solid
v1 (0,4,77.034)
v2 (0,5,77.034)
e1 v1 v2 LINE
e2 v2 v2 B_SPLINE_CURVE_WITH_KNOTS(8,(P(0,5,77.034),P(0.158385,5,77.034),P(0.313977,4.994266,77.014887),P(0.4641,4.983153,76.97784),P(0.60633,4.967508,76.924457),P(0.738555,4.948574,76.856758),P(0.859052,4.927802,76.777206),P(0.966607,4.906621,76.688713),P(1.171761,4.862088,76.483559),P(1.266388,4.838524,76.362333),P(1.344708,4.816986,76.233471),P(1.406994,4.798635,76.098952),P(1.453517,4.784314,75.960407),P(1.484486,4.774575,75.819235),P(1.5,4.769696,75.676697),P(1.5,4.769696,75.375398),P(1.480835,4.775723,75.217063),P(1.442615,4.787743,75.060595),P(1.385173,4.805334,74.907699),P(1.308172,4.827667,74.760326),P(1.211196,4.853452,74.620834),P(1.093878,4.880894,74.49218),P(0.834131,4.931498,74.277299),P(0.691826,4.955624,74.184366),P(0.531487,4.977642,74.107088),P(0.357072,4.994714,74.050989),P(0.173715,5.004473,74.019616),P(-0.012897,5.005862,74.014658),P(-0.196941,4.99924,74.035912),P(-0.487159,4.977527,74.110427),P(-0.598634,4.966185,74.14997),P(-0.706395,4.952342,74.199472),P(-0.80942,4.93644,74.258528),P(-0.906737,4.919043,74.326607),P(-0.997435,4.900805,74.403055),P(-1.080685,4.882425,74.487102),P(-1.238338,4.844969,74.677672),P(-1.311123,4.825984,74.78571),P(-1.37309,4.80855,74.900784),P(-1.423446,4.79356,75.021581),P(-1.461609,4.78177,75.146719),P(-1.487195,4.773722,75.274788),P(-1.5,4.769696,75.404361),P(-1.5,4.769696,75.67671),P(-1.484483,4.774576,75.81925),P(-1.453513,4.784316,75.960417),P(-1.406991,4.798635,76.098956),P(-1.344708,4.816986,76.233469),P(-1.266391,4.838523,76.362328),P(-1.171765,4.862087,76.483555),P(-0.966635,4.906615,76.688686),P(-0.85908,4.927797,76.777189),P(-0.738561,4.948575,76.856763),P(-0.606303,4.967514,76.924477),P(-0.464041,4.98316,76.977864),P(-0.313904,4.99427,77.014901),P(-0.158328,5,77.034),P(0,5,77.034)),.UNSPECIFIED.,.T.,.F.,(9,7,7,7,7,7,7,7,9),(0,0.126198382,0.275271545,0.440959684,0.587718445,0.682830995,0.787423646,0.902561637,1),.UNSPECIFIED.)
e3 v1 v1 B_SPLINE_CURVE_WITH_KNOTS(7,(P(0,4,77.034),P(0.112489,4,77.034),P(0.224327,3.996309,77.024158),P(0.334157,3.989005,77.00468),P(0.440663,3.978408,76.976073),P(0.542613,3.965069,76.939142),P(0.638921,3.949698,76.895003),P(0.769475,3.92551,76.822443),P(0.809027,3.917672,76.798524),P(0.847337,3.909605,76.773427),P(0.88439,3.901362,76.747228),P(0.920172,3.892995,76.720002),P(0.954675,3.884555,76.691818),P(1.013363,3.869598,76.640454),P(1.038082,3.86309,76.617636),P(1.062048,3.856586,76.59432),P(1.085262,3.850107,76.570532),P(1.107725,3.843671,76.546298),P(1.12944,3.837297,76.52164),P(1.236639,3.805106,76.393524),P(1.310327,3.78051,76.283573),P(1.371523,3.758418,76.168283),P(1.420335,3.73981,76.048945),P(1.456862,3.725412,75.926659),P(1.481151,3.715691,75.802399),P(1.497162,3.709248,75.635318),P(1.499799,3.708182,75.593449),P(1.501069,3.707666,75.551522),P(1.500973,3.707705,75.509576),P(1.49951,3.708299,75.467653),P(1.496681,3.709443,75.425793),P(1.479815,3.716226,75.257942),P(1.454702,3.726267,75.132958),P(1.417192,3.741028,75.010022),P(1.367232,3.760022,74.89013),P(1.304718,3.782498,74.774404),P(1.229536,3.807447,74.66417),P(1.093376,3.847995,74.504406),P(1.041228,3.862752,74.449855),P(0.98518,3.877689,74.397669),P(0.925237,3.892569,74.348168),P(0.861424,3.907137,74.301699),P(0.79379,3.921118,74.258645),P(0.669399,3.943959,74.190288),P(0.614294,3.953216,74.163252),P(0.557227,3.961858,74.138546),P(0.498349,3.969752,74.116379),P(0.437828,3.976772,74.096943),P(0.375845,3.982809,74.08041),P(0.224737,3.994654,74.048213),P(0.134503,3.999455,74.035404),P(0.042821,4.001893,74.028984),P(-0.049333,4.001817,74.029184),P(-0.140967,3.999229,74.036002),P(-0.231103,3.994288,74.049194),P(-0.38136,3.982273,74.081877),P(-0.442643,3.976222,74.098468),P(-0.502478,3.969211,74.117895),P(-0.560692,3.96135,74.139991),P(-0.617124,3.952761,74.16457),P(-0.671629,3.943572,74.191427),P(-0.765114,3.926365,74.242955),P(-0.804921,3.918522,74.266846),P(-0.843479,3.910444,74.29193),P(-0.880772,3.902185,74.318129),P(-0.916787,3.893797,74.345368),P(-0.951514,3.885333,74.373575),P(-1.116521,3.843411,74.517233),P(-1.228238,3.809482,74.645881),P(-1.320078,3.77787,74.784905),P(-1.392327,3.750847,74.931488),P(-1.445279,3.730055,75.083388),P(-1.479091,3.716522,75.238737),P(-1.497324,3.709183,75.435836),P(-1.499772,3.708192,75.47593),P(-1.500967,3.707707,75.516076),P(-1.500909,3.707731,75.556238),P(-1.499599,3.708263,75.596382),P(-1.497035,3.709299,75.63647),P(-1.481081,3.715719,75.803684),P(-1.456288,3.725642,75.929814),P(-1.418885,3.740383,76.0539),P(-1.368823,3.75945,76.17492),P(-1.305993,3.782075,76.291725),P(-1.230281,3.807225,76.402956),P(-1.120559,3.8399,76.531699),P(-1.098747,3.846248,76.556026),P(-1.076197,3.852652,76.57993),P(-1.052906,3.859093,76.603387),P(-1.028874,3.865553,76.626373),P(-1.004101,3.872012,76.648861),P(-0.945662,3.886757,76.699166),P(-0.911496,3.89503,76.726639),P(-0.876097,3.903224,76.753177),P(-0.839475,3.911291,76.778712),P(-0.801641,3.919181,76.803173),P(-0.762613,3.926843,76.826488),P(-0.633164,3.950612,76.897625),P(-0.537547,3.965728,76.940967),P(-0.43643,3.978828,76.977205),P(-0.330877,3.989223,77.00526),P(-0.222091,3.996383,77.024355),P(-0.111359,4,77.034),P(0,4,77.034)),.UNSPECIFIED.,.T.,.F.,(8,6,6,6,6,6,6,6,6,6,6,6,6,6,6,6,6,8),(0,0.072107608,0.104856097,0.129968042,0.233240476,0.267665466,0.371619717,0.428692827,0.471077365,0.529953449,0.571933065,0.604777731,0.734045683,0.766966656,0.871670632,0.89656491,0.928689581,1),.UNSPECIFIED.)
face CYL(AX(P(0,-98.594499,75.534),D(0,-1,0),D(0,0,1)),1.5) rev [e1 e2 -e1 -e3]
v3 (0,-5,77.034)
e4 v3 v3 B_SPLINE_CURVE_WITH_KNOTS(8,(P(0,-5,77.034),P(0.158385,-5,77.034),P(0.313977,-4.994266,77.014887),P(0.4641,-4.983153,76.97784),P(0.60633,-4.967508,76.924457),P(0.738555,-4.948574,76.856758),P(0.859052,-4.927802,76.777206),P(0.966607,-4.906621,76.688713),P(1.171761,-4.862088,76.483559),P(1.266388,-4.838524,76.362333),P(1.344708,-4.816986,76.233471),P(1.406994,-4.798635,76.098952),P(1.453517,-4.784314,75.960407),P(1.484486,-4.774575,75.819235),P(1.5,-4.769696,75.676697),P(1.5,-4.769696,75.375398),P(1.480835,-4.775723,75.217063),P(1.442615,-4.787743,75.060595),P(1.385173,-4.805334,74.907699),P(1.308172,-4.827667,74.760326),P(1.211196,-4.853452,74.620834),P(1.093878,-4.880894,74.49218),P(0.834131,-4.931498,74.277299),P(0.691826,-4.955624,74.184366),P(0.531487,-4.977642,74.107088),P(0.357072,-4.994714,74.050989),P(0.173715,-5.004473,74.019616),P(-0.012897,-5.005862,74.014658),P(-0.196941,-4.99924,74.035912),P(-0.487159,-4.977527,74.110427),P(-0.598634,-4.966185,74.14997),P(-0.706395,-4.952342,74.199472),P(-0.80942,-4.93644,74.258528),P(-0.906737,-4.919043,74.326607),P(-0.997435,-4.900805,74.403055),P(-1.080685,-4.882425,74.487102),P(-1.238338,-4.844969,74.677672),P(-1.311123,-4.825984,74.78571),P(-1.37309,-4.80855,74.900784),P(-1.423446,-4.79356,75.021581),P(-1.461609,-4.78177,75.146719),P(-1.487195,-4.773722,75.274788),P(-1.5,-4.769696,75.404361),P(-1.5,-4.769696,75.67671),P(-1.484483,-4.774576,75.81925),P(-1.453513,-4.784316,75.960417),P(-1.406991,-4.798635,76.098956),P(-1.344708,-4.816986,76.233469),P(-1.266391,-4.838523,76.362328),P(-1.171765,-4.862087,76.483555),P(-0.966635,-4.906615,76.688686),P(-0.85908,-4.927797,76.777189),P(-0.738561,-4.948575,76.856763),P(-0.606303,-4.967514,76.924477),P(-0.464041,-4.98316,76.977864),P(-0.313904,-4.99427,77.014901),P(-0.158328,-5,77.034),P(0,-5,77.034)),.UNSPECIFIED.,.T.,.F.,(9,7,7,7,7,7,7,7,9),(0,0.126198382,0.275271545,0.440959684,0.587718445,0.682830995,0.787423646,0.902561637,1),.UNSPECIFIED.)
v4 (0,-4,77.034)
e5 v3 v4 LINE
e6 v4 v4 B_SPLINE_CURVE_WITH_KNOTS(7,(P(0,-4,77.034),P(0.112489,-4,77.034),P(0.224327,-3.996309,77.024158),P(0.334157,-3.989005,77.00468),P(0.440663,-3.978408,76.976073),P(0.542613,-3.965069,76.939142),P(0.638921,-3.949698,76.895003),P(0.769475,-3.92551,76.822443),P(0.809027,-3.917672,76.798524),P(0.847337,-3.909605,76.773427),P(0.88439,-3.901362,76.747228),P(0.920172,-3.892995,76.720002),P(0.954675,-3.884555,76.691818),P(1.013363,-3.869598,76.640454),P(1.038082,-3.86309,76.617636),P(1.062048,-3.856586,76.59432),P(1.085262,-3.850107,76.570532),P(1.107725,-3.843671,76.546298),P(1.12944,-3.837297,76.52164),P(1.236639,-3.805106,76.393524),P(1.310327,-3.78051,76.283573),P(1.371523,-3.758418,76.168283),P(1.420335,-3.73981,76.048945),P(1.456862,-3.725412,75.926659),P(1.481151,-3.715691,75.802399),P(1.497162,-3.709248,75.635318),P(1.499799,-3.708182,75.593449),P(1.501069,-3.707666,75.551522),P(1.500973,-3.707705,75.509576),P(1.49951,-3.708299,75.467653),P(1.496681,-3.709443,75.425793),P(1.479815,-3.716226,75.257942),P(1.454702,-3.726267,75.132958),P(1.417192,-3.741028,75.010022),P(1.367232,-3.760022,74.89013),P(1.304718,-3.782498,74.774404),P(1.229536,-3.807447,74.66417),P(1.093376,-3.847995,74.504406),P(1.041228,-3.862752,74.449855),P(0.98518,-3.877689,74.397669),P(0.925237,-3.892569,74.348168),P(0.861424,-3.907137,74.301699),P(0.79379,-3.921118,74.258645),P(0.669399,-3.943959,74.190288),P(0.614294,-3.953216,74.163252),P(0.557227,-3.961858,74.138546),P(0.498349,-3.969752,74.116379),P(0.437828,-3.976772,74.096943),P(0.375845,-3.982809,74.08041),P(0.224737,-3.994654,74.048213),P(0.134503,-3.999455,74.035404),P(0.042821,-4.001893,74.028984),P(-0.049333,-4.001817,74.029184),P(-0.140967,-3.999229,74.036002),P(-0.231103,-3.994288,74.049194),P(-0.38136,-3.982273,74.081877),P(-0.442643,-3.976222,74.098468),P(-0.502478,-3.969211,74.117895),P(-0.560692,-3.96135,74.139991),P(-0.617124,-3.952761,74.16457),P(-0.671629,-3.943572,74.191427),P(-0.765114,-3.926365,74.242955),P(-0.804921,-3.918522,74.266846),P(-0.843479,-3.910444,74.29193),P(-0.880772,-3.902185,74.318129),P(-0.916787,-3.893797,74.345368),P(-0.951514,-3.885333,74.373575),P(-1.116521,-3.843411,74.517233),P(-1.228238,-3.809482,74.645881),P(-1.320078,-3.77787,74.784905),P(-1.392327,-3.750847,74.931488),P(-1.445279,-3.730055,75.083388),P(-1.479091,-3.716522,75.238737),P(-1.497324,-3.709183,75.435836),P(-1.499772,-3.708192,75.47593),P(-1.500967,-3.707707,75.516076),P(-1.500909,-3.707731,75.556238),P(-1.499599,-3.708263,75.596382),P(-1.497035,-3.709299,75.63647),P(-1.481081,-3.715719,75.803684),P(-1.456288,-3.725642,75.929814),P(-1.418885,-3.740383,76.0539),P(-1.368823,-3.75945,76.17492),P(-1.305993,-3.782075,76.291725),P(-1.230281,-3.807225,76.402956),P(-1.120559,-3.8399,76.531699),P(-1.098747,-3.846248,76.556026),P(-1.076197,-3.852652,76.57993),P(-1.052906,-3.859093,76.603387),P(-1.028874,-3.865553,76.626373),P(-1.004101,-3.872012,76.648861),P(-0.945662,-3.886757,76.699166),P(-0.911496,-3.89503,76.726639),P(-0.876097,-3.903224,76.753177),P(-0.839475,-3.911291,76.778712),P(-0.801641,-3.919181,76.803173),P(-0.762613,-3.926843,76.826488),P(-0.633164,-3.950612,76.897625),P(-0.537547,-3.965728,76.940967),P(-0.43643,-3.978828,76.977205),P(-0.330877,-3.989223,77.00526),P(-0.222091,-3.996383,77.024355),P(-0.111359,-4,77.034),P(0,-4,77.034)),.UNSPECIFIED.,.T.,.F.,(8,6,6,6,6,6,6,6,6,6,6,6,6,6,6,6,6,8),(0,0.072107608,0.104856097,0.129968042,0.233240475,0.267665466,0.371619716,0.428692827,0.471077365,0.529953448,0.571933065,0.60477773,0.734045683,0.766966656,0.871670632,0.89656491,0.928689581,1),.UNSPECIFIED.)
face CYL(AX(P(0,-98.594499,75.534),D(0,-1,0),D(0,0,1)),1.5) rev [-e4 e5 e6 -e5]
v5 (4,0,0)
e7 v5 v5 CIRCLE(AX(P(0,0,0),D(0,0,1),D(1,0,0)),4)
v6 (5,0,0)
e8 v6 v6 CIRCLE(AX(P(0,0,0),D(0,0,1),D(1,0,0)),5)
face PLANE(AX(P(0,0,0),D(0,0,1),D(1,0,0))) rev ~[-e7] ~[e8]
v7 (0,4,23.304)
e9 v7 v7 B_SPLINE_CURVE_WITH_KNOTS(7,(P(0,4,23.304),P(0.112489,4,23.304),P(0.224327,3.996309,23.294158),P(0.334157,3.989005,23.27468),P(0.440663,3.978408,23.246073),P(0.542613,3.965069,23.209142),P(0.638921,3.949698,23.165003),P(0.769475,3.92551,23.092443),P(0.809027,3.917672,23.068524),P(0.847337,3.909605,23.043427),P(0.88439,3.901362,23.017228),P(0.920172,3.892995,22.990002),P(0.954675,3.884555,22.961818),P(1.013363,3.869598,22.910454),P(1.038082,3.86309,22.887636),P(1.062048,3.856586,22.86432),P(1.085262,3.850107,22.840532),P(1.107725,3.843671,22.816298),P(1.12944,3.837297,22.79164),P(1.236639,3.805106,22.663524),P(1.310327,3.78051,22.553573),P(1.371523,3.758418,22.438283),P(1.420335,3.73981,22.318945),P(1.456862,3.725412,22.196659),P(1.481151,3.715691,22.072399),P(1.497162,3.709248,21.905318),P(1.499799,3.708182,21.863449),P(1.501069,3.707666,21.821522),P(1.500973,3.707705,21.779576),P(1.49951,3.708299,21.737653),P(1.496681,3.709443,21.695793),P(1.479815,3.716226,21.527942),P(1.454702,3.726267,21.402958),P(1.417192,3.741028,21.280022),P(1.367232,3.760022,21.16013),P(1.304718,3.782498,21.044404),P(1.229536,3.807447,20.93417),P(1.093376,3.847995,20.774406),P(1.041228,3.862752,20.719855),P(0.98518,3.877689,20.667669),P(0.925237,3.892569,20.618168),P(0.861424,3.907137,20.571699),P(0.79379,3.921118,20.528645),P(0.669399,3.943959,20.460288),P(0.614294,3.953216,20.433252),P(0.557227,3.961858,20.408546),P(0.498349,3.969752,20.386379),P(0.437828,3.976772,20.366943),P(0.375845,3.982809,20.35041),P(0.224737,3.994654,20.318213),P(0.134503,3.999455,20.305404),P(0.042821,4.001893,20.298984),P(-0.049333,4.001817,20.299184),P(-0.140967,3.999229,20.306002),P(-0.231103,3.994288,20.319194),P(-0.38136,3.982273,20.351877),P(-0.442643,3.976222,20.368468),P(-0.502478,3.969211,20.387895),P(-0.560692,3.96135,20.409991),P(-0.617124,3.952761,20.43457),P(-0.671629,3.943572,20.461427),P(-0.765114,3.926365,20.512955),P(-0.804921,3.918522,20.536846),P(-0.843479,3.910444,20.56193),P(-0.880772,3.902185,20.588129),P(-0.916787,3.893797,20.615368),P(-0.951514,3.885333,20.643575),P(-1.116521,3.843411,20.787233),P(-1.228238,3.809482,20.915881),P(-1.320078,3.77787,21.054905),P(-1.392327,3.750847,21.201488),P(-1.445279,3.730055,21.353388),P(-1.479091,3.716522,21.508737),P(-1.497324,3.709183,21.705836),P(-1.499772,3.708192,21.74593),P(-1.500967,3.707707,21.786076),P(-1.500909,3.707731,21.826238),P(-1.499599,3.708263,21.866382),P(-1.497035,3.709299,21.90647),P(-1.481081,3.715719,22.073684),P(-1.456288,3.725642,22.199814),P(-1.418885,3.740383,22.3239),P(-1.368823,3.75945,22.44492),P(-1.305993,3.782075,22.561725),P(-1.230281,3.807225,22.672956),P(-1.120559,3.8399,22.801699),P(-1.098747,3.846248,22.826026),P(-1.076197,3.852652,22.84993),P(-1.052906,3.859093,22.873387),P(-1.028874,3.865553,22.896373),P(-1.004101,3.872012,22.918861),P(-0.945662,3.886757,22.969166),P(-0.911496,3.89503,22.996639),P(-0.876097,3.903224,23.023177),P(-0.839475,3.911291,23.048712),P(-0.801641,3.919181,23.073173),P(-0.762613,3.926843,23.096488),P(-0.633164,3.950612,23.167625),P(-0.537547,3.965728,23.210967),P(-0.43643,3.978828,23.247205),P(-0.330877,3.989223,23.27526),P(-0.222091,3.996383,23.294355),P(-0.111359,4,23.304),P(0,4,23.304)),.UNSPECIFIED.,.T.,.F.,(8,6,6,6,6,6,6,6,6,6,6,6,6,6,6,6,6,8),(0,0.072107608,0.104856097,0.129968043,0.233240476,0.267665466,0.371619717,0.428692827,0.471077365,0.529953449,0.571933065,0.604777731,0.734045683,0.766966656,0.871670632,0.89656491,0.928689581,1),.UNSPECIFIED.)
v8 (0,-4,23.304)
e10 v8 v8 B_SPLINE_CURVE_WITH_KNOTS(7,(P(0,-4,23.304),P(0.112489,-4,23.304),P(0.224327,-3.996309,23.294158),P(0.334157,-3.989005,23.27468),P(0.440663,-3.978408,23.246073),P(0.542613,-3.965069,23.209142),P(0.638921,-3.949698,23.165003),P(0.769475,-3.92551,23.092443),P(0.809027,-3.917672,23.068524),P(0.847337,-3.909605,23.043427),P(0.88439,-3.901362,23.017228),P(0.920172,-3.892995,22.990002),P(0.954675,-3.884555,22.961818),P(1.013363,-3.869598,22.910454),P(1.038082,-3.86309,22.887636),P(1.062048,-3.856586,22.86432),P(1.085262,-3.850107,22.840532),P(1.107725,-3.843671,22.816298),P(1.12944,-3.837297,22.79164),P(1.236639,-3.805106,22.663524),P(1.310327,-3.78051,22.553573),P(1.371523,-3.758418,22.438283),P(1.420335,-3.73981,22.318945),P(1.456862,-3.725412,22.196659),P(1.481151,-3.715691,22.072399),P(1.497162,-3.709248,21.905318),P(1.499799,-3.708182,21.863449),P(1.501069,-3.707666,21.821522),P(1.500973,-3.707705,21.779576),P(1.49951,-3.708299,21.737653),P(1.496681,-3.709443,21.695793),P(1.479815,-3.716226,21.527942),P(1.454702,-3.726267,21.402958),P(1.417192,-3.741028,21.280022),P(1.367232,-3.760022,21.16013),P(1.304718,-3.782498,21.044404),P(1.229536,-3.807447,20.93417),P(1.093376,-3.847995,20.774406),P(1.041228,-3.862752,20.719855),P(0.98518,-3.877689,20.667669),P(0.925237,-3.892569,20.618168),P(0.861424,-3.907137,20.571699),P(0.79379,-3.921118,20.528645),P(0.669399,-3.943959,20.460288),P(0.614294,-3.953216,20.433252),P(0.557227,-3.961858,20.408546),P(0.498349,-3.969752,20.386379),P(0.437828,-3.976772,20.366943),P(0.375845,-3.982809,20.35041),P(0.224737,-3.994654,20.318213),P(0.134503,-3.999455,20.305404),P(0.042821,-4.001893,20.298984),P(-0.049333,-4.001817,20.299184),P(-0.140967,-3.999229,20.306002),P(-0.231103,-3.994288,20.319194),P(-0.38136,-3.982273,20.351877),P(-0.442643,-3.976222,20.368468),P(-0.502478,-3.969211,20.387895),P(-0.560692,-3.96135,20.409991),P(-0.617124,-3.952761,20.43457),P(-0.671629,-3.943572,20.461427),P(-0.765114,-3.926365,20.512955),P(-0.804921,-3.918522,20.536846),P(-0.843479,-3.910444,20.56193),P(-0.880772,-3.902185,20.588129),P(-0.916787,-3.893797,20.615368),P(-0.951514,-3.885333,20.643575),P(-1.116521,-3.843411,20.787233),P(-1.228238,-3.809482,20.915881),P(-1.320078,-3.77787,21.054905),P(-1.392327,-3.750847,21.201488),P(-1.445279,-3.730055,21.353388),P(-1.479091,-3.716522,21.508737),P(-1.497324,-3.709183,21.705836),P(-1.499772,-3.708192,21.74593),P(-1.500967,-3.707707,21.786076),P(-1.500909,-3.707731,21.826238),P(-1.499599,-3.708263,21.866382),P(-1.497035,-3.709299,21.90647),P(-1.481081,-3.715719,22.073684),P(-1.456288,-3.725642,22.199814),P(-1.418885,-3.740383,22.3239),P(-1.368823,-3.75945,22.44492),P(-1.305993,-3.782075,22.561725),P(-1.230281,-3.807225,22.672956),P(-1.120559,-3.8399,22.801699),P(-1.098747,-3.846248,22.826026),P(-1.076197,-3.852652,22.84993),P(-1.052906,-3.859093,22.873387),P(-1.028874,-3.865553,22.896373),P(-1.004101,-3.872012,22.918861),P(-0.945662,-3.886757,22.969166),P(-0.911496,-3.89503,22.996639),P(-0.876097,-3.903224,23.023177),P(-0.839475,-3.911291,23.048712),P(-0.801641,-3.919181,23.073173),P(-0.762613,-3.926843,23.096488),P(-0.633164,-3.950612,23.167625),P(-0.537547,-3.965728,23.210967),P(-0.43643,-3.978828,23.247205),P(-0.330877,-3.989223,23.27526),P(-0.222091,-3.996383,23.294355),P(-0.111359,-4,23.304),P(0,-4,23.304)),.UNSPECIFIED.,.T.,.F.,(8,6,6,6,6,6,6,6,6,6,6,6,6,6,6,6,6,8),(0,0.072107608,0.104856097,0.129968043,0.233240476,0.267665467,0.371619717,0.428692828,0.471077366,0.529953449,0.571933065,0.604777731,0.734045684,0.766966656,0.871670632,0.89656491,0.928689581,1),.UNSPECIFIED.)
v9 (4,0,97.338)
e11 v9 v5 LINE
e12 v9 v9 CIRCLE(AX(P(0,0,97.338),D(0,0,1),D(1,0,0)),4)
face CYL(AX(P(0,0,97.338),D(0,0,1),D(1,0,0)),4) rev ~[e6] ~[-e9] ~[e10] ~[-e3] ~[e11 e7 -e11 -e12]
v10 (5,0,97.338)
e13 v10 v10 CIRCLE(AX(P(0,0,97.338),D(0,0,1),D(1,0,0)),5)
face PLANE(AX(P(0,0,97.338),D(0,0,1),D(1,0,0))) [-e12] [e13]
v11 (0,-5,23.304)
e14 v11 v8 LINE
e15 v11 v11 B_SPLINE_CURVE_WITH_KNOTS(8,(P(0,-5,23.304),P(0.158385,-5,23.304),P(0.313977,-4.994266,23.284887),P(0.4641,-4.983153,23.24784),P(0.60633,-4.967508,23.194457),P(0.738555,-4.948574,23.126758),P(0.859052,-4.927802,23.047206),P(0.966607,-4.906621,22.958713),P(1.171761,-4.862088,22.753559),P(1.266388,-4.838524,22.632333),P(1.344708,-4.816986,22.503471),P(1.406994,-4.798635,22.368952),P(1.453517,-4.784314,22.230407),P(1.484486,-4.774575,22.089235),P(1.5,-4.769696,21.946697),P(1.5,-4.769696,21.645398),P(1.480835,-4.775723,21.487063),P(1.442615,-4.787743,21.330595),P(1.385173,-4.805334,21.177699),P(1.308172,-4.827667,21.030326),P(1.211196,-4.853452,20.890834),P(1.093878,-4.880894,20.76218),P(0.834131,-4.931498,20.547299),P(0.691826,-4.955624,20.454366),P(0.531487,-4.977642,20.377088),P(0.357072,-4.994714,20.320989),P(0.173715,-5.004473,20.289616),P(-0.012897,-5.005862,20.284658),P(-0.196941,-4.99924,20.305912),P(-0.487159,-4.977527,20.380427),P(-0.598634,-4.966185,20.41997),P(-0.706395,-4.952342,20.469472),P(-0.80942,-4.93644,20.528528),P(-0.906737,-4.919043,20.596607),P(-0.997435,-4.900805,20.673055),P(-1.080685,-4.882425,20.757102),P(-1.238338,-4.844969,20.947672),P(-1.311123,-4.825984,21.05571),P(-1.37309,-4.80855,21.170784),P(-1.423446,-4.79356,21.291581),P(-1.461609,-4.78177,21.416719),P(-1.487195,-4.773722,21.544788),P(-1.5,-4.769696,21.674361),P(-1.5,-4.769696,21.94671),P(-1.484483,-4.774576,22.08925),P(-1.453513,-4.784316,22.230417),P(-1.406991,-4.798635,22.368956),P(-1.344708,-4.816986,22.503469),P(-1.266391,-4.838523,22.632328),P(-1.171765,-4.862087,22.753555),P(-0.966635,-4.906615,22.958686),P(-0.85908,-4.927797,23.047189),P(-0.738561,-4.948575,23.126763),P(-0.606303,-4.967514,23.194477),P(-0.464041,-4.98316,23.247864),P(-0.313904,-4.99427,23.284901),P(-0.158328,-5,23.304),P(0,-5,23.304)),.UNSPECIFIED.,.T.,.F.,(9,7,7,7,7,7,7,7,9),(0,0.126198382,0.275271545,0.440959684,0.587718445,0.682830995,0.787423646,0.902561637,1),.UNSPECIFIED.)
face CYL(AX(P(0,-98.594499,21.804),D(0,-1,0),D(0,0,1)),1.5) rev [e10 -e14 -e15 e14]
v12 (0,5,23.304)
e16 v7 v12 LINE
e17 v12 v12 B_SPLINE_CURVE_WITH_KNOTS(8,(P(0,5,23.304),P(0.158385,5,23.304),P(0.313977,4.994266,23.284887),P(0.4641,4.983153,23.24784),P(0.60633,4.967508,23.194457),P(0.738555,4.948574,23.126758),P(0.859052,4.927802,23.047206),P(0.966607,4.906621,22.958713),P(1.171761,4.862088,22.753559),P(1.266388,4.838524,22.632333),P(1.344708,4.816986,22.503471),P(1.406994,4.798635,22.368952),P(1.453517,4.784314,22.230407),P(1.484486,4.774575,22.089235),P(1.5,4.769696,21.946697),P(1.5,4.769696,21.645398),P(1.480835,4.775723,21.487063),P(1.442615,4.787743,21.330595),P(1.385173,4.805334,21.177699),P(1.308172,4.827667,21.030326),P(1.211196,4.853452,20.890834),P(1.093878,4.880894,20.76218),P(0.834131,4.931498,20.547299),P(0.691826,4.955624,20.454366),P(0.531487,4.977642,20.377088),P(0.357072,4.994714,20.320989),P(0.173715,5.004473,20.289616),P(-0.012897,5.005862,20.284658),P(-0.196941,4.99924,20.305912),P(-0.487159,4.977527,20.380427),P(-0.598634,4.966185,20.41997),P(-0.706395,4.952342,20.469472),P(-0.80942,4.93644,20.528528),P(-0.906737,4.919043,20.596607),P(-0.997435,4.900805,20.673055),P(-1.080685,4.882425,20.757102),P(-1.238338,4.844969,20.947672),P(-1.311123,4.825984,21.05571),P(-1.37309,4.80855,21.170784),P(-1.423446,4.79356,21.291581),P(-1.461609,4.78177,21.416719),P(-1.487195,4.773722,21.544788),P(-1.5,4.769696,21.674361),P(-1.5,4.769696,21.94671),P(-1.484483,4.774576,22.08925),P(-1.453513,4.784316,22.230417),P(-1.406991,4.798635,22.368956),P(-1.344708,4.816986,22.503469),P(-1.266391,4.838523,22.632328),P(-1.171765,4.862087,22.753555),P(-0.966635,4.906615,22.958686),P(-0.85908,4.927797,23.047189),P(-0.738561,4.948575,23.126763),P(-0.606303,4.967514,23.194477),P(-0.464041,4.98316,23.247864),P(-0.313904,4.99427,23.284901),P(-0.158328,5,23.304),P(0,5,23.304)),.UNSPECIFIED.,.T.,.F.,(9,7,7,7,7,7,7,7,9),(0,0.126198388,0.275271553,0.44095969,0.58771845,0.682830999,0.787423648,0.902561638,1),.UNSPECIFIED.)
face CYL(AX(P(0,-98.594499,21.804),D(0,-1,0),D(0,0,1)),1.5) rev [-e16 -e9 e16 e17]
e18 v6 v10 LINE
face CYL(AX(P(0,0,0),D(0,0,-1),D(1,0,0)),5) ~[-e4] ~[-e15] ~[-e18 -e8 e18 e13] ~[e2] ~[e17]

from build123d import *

# Parameters (mm, degrees)
SKETCH1_R               = 5
BOSS_EXTRUDE1_DEPTH     = 97.338
CUT_EXTRUDE1_REACH      = 99.594
SKETCH2_R               = 4
CUT_EXTRUDE2_DEPTH      = 98.594499046
CUT_EXTRUDE2_DEPTH_BACK = 98.594499046
SKETCH5_R               = 1.5


with BuildPart() as part:
    # Sketch1 → Boss-Extrude1 (new body)
    with BuildSketch(Plane.XY):
        Circle(SKETCH1_R)
    extrude(amount=BOSS_EXTRUDE1_DEPTH)

    # Sketch2 → Cut-Extrude1 (cut, up to next)
    with BuildSketch(Plane.XY.offset(97.338), mode=Mode.PRIVATE) as cut_extrude1_sk1:
        Circle(SKETCH2_R)
    cut_extrude1_tool1 = extrude(cut_extrude1_sk1.sketch, amount=-CUT_EXTRUDE1_REACH, mode=Mode.PRIVATE) & part.part
    add(cut_extrude1_tool1.solids().sort_by_distance((0, 0, 97.338))[0], mode=Mode.SUBTRACT)

    # Sketch5 → Cut-Extrude2 (cut, two sides: drawn at the far end of the back side and taken through both)
    with BuildSketch(Plane(origin=(0, 0, 0), x_dir=(1, 0, 0), z_dir=(0, 1, 0)).offset(-CUT_EXTRUDE2_DEPTH_BACK)):
        with Locations(Location((0, -21.804, 0), (0, 0, 270))):
            Circle(SKETCH5_R)
        with Locations(Location((0, -75.534, 0), (0, 0, 270))):
            Circle(SKETCH5_R)
    extrude(amount=CUT_EXTRUDE2_DEPTH + CUT_EXTRUDE2_DEPTH_BACK, mode=Mode.SUBTRACT)


solid = part.part
